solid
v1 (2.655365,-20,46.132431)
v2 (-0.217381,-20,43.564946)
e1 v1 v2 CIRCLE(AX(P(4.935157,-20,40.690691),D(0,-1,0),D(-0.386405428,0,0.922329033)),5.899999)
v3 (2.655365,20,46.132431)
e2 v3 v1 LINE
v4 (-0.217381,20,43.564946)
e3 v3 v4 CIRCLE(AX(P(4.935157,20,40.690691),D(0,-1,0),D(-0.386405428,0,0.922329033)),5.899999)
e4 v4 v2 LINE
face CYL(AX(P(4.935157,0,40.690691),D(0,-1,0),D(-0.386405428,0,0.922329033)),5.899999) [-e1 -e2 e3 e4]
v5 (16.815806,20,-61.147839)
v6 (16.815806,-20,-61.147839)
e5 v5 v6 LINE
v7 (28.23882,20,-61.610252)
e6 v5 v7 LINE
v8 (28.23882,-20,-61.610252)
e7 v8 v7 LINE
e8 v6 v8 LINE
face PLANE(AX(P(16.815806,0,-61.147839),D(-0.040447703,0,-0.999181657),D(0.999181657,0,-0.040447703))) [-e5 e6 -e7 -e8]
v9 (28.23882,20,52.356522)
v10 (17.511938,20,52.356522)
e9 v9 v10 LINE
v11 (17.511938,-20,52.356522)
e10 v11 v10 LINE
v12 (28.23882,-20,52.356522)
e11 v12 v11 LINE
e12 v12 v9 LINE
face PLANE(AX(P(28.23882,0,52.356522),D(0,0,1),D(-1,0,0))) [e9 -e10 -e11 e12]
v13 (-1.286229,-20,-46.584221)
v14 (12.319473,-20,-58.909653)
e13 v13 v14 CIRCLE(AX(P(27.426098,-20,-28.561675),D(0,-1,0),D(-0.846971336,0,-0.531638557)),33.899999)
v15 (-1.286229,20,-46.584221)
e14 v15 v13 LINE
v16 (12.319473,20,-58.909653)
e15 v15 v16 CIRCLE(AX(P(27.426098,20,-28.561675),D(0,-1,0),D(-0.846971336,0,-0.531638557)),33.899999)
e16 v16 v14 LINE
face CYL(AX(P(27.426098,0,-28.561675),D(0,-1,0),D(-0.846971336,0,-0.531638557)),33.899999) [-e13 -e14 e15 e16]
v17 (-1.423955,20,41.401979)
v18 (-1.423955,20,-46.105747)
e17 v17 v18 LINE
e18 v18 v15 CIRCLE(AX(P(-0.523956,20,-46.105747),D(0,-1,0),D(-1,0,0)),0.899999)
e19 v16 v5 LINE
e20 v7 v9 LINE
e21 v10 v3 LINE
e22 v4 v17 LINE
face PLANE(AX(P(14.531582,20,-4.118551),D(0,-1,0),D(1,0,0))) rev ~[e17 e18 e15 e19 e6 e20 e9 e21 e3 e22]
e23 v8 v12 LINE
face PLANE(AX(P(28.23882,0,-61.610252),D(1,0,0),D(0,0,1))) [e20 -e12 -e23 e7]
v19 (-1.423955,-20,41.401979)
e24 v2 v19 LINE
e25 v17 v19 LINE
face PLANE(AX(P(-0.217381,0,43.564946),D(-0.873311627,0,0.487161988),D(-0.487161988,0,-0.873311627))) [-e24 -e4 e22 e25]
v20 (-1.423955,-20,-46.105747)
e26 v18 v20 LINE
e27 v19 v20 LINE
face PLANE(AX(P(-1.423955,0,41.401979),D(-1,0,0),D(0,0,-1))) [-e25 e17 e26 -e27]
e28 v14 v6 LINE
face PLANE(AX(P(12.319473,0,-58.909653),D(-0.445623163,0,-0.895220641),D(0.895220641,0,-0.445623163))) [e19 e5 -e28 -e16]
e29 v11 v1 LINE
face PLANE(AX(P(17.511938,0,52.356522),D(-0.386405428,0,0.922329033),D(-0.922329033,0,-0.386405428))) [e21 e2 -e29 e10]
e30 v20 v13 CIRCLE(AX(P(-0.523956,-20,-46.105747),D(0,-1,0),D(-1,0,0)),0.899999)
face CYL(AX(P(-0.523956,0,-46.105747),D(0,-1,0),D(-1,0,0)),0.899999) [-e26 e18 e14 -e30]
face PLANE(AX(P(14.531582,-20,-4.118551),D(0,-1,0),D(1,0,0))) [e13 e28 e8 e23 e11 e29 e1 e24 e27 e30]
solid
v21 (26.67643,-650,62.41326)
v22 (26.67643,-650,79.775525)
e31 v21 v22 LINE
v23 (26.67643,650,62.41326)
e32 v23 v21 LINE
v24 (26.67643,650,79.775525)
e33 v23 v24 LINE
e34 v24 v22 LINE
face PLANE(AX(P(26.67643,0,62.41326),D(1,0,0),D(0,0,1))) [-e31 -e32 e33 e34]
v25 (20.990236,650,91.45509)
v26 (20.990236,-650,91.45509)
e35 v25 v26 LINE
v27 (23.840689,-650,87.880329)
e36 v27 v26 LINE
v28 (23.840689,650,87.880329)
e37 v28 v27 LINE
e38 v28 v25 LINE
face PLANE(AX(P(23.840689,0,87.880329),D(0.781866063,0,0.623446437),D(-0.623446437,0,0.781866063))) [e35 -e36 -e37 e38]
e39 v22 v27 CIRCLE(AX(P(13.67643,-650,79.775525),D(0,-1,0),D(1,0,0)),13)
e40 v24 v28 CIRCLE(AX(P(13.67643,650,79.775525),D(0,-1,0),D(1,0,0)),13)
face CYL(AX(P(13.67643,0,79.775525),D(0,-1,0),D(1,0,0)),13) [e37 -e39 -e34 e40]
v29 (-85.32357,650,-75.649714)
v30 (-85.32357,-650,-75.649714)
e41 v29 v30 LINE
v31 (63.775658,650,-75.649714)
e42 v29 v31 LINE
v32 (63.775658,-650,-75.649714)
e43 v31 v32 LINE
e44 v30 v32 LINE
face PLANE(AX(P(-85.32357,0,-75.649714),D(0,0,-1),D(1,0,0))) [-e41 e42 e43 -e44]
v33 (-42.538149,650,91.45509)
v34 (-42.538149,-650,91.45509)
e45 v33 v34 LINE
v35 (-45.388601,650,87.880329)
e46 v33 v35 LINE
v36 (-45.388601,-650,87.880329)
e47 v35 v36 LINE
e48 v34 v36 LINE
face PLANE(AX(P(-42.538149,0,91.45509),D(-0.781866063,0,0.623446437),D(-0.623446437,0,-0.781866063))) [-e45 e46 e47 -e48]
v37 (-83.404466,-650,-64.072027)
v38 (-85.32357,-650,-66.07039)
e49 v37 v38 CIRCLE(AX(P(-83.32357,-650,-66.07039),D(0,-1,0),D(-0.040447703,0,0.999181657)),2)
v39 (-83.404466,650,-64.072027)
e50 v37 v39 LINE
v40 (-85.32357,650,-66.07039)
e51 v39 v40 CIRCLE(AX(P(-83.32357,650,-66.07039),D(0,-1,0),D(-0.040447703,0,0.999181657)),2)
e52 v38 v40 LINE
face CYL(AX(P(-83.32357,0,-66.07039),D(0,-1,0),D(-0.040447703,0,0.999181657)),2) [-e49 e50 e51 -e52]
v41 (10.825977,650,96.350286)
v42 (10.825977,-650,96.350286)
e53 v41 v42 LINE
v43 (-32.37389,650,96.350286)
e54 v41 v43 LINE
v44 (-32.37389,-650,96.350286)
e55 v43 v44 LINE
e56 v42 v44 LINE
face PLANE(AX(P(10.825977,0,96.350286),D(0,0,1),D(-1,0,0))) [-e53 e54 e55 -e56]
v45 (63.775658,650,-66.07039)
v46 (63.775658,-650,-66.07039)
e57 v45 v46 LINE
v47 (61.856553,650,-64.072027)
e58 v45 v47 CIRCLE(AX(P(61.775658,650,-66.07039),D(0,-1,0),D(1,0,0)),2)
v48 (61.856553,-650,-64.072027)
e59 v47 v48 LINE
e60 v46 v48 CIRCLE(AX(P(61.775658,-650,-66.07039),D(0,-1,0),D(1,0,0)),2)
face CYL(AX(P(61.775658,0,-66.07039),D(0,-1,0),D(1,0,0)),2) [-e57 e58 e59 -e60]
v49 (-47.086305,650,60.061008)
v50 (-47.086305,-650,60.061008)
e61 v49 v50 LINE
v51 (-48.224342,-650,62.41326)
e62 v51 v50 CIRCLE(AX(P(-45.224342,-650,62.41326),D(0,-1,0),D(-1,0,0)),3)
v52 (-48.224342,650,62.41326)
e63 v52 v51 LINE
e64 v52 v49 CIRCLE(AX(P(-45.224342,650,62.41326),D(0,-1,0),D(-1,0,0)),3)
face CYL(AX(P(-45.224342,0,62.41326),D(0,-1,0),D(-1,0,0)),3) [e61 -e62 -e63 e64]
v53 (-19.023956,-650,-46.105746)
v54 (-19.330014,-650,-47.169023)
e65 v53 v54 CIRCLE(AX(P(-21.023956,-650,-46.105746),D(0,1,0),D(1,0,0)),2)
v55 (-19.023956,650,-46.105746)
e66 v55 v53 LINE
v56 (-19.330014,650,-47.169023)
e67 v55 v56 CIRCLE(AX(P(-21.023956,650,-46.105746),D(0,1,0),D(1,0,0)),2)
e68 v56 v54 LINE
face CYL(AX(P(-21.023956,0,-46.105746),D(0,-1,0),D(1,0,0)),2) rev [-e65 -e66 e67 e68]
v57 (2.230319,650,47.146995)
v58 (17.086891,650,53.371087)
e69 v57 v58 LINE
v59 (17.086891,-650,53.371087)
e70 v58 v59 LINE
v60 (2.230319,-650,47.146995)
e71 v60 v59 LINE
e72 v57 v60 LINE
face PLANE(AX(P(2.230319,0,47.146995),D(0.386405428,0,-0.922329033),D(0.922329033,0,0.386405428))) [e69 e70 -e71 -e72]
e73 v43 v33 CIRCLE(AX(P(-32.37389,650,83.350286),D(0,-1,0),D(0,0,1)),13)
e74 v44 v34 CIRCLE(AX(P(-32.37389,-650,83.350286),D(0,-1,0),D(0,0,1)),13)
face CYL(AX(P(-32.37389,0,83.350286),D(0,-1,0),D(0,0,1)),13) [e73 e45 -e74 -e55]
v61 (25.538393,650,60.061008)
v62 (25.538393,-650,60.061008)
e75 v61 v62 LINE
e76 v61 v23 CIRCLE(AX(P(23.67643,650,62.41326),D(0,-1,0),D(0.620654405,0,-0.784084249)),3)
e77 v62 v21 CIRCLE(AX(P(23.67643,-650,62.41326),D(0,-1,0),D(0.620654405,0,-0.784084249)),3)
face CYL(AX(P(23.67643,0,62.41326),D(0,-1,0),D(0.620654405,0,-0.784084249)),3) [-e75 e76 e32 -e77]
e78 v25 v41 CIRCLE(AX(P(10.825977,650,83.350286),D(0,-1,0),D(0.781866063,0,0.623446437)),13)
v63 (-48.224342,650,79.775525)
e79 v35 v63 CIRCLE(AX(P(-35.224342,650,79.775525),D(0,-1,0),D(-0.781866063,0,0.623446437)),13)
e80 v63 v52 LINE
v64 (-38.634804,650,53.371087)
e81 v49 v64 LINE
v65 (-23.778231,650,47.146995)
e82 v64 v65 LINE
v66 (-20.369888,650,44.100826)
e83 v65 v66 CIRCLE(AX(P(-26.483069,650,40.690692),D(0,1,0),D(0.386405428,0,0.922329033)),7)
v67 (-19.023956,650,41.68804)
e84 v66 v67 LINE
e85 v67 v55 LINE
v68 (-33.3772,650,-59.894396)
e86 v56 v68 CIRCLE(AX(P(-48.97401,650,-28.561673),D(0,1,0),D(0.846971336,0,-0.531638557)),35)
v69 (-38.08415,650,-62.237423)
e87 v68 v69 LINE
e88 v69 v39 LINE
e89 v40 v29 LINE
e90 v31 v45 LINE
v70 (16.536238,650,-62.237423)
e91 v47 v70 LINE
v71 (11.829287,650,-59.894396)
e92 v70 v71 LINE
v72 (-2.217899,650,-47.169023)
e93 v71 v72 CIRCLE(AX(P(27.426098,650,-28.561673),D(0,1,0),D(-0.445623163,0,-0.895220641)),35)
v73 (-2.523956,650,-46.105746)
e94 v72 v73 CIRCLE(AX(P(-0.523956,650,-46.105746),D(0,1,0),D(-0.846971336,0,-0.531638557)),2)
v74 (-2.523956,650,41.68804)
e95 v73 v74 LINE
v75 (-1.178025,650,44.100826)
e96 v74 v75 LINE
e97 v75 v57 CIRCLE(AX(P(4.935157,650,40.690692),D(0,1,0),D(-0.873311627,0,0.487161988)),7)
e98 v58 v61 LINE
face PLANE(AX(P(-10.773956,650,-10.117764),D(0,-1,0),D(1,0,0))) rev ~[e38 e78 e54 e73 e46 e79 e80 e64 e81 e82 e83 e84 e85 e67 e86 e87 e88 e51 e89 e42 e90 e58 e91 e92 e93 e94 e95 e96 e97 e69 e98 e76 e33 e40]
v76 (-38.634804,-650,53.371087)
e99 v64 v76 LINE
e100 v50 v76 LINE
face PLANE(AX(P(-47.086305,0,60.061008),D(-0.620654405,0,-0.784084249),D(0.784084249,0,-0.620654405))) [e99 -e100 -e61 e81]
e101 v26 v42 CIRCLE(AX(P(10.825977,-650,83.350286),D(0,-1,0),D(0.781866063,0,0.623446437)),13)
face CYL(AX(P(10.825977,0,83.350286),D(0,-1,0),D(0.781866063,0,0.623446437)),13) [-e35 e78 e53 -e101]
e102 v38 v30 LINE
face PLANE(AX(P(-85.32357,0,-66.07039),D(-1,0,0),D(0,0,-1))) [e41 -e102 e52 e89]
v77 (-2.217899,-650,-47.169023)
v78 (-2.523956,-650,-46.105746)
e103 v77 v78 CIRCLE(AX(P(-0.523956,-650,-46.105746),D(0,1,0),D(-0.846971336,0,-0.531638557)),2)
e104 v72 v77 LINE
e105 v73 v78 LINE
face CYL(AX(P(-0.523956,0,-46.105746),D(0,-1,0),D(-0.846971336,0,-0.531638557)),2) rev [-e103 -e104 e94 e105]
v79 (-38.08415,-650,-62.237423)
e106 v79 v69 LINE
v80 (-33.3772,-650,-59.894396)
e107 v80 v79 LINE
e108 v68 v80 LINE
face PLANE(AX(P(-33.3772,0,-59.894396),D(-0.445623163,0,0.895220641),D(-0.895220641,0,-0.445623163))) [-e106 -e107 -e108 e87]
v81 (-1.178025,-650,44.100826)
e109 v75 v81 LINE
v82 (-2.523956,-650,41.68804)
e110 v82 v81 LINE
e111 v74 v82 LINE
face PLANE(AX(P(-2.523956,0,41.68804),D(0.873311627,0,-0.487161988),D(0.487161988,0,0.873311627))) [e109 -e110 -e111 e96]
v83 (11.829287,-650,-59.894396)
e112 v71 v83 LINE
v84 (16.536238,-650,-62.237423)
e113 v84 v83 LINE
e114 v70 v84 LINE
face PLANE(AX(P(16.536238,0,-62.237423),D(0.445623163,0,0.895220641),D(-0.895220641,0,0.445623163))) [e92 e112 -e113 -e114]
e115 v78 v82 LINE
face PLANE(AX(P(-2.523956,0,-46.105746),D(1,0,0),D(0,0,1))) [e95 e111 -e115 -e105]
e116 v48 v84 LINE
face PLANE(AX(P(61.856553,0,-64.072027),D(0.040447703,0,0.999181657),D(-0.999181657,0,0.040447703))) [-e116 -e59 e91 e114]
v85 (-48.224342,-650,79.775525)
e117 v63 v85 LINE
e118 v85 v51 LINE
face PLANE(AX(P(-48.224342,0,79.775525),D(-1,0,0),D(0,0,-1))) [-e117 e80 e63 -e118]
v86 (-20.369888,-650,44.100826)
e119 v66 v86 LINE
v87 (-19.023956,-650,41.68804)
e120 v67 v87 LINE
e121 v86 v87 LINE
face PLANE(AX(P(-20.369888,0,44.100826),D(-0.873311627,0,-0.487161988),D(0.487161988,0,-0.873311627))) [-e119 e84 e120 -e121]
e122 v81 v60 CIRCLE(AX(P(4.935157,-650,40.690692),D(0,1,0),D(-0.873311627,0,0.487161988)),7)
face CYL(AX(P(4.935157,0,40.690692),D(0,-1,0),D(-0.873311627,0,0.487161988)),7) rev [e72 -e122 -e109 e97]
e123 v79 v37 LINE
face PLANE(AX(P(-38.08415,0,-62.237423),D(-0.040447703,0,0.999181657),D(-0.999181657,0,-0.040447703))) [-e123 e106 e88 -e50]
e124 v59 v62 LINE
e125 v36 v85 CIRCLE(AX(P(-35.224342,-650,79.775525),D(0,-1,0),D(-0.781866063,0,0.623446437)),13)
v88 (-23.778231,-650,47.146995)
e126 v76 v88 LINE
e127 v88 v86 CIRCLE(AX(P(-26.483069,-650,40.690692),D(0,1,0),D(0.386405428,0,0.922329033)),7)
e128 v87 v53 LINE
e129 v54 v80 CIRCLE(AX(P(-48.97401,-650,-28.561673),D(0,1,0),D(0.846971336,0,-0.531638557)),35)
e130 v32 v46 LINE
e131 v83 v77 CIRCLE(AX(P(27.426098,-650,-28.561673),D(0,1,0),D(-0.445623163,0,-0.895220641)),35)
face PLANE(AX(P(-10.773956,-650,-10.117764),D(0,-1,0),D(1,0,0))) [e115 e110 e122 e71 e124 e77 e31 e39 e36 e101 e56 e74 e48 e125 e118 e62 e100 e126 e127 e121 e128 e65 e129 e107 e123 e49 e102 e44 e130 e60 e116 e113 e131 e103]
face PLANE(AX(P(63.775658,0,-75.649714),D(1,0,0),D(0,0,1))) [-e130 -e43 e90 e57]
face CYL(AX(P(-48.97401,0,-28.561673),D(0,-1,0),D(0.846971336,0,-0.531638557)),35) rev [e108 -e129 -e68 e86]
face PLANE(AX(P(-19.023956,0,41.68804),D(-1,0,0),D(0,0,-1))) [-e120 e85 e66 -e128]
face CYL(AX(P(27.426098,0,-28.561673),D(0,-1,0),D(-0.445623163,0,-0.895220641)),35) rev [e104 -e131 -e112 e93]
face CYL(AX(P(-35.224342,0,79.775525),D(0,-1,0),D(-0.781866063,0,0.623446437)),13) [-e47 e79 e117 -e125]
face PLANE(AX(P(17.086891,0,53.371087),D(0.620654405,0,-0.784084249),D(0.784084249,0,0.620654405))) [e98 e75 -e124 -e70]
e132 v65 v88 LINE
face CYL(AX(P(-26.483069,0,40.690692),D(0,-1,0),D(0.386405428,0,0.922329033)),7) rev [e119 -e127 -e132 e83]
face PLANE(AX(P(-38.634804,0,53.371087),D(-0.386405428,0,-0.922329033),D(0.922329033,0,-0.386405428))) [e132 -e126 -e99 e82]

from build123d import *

# Parameters (mm, degrees)
F1_DEPTH = 650
F2_DEPTH = 650
F3_DEPTH = 20


with BuildPart() as f1:
    # F0 (on Front) → F1 (new body, symmetric)
    with BuildSketch(Plane.XZ):
        with BuildLine():
            Line((-85.3235702982, -66.0703902778), (-85.3235702982, -75.6497139107))
            Line((-85.3235702982, -75.6497139107), (63.7756578624, -75.6497139107))
            Line((63.7756578624, -75.6497139107), (63.7756578624, -66.0703902778))
            ThreePointArc((63.7756578624, -66.0703902778), (63.2181887651, -64.685072771), (61.8565532677, -64.0720269641))
            Line((61.8565532677, -64.0720269641), (16.536237672, -62.2374229799))
            Line((16.536237672, -62.2374229799), (11.8292871562, -59.8943959289))
            ThreePointArc((11.8292871562, -59.8943959289), (3.927875719, -54.5007088526), (-2.2178988902, -47.1690230008))
            ThreePointArc((-2.2178988902, -47.1690230008), (-2.4459194517, -46.6589703681), (-2.5239562179, -46.1057458859))
            Line((-2.5239562179, -46.1057458859), (-2.5239562179, 3.5298217554))
            Line((-2.5239562179, 3.5298217554), (-2.5239562179, 41.6880398989))
            Line((-2.5239562179, 41.6880398989), (-1.1780247749, 44.1008258038))
            ThreePointArc((-1.1780247749, 44.1008258038), (0.270485849, 45.9099683385), (2.2303186176, 47.1469951197))
            Line((2.2303186176, 47.1469951197), (17.0868914574, 53.3710867167))
            Line((17.0868914574, 53.3710867167), (25.5383929173, 60.061007626))
            ThreePointArc((25.5383929173, 60.061007626), (26.3769749844, 61.1067171561), (26.6764297018, 62.4132603727))
            Line((26.6764297018, 62.4132603727), (26.6764297018, 79.7755250827))
            ThreePointArc((26.6764297018, 79.7755250827), (25.9470320629, 84.0688125989), (23.8406885177, 87.8803287646))
            Line((23.8406885177, 87.8803287646), (20.9902360949, 91.4550897713))
            ThreePointArc((20.9902360949, 91.4550897713), (16.4667907014, 95.0627249443), (10.8259772789, 96.3502860893))
            Line((10.8259772789, 96.3502860893), (-10.7739562179, 96.3502860893))
            Line((-10.7739562179, 96.3502860893), (-32.3738897147, 96.3502860893))
            ThreePointArc((-32.3738897147, 96.3502860893), (-38.0147031372, 95.0627249443), (-42.5381485306, 91.4550897713))
            Line((-42.5381485306, 91.4550897713), (-45.3886009535, 87.8803287646))
            ThreePointArc((-45.3886009535, 87.8803287646), (-47.4949444986, 84.0688125989), (-48.2243421376, 79.7755250827))
            Line((-48.2243421376, 79.7755250827), (-48.2243421376, 62.4132603727))
            ThreePointArc((-48.2243421376, 62.4132603727), (-47.9248874202, 61.1067171561), (-47.0863053531, 60.061007626))
            Line((-47.0863053531, 60.061007626), (-38.6348038932, 53.3710867167))
            Line((-38.6348038932, 53.3710867167), (-23.7782310533, 47.1469951197))
            ThreePointArc((-23.7782310533, 47.1469951197), (-21.8183982848, 45.9099683385), (-20.3698876609, 44.1008258038))
            Line((-20.3698876609, 44.1008258038), (-19.0239562179, 41.6880398989))
            Line((-19.0239562179, 41.6880398989), (-19.0239562179, -46.1057458859))
            ThreePointArc((-19.0239562179, -46.1057458859), (-19.101992984, -46.6589703681), (-19.3300135456, -47.1690230008))
            ThreePointArc((-19.3300135456, -47.1690230008), (-25.4757881548, -54.5007088526), (-33.3771995919, -59.8943959289))
            Line((-33.3771995919, -59.8943959289), (-38.0841501077, -62.2374229799))
            Line((-38.0841501077, -62.2374229799), (-83.4044657034, -64.0720269641))
            ThreePointArc((-83.4044657034, -64.0720269641), (-84.7661012009, -64.685072771), (-85.3235702982, -66.0703902778))
        make_face()
    extrude(amount=F1_DEPTH, both=True)


with BuildPart() as f1b:
    # F0 (on Front) → F1, piece 2 (new body, symmetric)
    with BuildSketch(Plane.XZ):
        with BuildLine():
            Line((17.5119378942, 52.3565221913), (2.6553650544, 46.1324305944))
            ThreePointArc((2.6553650544, 46.1324305944), (1.0035063838, 45.089793974), (-0.2173808633, 43.5649456144))
            Line((-0.2173808633, 43.5649456144), (-1.423954925, 41.4019789161))
            Line((-1.423954925, 41.4019789161), (-1.423954925, -46.1057472322))
            ThreePointArc((-1.423954925, -46.1057472322), (-1.3888384328, -46.3546978765), (-1.2862293337, -46.5842212176))
            ThreePointArc((-1.2862293337, -46.5842212176), (4.6663921226, -53.6854823746), (12.3194731818, -58.9096533637))
            Line((12.3194731818, -58.9096533637), (16.8158063074, -61.1478392355))
            Line((16.8158063074, -61.1478392355), (28.2388199121, -61.6102523056))
            Line((28.2388199121, -61.6102523056), (28.2388199121, 52.3565221913))
            Line((28.2388199121, 52.3565221913), (17.5119378942, 52.3565221913))
        make_face()
    extrude(amount=F1_DEPTH, both=True)

    # F0 (on Front) → F2 (cut, symmetric)
    with BuildSketch(Plane.XZ):
        with BuildLine():
            Line((17.5119378942, 52.3565221913), (2.6553650544, 46.1324305944))
            ThreePointArc((2.6553650544, 46.1324305944), (1.0035063838, 45.089793974), (-0.2173808633, 43.5649456144))
            Line((-0.2173808633, 43.5649456144), (-1.423954925, 41.4019789161))
            Line((-1.423954925, 41.4019789161), (-1.423954925, -46.1057472322))
            ThreePointArc((-1.423954925, -46.1057472322), (-1.3888384328, -46.3546978765), (-1.2862293337, -46.5842212176))
            ThreePointArc((-1.2862293337, -46.5842212176), (4.6663921226, -53.6854823746), (12.3194731818, -58.9096533637))
            Line((12.3194731818, -58.9096533637), (16.8158063074, -61.1478392355))
            Line((16.8158063074, -61.1478392355), (28.2388199121, -61.6102523056))
            Line((28.2388199121, -61.6102523056), (28.2388199121, 52.3565221913))
            Line((28.2388199121, 52.3565221913), (17.5119378942, 52.3565221913))
        make_face()
    extrude(amount=F2_DEPTH, both=True, mode=Mode.SUBTRACT)


with BuildPart() as f3:
    # F0 (on Front) → F3 (new body, symmetric)
    with BuildSketch(Plane.XZ):
        with BuildLine():
            Line((17.5119378942, 52.3565221913), (2.6553650544, 46.1324305944))
            ThreePointArc((2.6553650544, 46.1324305944), (1.0035063838, 45.089793974), (-0.2173808633, 43.5649456144))
            Line((-0.2173808633, 43.5649456144), (-1.423954925, 41.4019789161))
            Line((-1.423954925, 41.4019789161), (-1.423954925, -46.1057472322))
            ThreePointArc((-1.423954925, -46.1057472322), (-1.3888384328, -46.3546978765), (-1.2862293337, -46.5842212176))
            ThreePointArc((-1.2862293337, -46.5842212176), (4.6663921226, -53.6854823746), (12.3194731818, -58.9096533637))
            Line((12.3194731818, -58.9096533637), (16.8158063074, -61.1478392355))
            Line((16.8158063074, -61.1478392355), (28.2388199121, -61.6102523056))
            Line((28.2388199121, -61.6102523056), (28.2388199121, 52.3565221913))
            Line((28.2388199121, 52.3565221913), (17.5119378942, 52.3565221913))
        make_face()
    extrude(amount=F3_DEPTH, both=True)


solid = Compound([f1.part, f3.part])
